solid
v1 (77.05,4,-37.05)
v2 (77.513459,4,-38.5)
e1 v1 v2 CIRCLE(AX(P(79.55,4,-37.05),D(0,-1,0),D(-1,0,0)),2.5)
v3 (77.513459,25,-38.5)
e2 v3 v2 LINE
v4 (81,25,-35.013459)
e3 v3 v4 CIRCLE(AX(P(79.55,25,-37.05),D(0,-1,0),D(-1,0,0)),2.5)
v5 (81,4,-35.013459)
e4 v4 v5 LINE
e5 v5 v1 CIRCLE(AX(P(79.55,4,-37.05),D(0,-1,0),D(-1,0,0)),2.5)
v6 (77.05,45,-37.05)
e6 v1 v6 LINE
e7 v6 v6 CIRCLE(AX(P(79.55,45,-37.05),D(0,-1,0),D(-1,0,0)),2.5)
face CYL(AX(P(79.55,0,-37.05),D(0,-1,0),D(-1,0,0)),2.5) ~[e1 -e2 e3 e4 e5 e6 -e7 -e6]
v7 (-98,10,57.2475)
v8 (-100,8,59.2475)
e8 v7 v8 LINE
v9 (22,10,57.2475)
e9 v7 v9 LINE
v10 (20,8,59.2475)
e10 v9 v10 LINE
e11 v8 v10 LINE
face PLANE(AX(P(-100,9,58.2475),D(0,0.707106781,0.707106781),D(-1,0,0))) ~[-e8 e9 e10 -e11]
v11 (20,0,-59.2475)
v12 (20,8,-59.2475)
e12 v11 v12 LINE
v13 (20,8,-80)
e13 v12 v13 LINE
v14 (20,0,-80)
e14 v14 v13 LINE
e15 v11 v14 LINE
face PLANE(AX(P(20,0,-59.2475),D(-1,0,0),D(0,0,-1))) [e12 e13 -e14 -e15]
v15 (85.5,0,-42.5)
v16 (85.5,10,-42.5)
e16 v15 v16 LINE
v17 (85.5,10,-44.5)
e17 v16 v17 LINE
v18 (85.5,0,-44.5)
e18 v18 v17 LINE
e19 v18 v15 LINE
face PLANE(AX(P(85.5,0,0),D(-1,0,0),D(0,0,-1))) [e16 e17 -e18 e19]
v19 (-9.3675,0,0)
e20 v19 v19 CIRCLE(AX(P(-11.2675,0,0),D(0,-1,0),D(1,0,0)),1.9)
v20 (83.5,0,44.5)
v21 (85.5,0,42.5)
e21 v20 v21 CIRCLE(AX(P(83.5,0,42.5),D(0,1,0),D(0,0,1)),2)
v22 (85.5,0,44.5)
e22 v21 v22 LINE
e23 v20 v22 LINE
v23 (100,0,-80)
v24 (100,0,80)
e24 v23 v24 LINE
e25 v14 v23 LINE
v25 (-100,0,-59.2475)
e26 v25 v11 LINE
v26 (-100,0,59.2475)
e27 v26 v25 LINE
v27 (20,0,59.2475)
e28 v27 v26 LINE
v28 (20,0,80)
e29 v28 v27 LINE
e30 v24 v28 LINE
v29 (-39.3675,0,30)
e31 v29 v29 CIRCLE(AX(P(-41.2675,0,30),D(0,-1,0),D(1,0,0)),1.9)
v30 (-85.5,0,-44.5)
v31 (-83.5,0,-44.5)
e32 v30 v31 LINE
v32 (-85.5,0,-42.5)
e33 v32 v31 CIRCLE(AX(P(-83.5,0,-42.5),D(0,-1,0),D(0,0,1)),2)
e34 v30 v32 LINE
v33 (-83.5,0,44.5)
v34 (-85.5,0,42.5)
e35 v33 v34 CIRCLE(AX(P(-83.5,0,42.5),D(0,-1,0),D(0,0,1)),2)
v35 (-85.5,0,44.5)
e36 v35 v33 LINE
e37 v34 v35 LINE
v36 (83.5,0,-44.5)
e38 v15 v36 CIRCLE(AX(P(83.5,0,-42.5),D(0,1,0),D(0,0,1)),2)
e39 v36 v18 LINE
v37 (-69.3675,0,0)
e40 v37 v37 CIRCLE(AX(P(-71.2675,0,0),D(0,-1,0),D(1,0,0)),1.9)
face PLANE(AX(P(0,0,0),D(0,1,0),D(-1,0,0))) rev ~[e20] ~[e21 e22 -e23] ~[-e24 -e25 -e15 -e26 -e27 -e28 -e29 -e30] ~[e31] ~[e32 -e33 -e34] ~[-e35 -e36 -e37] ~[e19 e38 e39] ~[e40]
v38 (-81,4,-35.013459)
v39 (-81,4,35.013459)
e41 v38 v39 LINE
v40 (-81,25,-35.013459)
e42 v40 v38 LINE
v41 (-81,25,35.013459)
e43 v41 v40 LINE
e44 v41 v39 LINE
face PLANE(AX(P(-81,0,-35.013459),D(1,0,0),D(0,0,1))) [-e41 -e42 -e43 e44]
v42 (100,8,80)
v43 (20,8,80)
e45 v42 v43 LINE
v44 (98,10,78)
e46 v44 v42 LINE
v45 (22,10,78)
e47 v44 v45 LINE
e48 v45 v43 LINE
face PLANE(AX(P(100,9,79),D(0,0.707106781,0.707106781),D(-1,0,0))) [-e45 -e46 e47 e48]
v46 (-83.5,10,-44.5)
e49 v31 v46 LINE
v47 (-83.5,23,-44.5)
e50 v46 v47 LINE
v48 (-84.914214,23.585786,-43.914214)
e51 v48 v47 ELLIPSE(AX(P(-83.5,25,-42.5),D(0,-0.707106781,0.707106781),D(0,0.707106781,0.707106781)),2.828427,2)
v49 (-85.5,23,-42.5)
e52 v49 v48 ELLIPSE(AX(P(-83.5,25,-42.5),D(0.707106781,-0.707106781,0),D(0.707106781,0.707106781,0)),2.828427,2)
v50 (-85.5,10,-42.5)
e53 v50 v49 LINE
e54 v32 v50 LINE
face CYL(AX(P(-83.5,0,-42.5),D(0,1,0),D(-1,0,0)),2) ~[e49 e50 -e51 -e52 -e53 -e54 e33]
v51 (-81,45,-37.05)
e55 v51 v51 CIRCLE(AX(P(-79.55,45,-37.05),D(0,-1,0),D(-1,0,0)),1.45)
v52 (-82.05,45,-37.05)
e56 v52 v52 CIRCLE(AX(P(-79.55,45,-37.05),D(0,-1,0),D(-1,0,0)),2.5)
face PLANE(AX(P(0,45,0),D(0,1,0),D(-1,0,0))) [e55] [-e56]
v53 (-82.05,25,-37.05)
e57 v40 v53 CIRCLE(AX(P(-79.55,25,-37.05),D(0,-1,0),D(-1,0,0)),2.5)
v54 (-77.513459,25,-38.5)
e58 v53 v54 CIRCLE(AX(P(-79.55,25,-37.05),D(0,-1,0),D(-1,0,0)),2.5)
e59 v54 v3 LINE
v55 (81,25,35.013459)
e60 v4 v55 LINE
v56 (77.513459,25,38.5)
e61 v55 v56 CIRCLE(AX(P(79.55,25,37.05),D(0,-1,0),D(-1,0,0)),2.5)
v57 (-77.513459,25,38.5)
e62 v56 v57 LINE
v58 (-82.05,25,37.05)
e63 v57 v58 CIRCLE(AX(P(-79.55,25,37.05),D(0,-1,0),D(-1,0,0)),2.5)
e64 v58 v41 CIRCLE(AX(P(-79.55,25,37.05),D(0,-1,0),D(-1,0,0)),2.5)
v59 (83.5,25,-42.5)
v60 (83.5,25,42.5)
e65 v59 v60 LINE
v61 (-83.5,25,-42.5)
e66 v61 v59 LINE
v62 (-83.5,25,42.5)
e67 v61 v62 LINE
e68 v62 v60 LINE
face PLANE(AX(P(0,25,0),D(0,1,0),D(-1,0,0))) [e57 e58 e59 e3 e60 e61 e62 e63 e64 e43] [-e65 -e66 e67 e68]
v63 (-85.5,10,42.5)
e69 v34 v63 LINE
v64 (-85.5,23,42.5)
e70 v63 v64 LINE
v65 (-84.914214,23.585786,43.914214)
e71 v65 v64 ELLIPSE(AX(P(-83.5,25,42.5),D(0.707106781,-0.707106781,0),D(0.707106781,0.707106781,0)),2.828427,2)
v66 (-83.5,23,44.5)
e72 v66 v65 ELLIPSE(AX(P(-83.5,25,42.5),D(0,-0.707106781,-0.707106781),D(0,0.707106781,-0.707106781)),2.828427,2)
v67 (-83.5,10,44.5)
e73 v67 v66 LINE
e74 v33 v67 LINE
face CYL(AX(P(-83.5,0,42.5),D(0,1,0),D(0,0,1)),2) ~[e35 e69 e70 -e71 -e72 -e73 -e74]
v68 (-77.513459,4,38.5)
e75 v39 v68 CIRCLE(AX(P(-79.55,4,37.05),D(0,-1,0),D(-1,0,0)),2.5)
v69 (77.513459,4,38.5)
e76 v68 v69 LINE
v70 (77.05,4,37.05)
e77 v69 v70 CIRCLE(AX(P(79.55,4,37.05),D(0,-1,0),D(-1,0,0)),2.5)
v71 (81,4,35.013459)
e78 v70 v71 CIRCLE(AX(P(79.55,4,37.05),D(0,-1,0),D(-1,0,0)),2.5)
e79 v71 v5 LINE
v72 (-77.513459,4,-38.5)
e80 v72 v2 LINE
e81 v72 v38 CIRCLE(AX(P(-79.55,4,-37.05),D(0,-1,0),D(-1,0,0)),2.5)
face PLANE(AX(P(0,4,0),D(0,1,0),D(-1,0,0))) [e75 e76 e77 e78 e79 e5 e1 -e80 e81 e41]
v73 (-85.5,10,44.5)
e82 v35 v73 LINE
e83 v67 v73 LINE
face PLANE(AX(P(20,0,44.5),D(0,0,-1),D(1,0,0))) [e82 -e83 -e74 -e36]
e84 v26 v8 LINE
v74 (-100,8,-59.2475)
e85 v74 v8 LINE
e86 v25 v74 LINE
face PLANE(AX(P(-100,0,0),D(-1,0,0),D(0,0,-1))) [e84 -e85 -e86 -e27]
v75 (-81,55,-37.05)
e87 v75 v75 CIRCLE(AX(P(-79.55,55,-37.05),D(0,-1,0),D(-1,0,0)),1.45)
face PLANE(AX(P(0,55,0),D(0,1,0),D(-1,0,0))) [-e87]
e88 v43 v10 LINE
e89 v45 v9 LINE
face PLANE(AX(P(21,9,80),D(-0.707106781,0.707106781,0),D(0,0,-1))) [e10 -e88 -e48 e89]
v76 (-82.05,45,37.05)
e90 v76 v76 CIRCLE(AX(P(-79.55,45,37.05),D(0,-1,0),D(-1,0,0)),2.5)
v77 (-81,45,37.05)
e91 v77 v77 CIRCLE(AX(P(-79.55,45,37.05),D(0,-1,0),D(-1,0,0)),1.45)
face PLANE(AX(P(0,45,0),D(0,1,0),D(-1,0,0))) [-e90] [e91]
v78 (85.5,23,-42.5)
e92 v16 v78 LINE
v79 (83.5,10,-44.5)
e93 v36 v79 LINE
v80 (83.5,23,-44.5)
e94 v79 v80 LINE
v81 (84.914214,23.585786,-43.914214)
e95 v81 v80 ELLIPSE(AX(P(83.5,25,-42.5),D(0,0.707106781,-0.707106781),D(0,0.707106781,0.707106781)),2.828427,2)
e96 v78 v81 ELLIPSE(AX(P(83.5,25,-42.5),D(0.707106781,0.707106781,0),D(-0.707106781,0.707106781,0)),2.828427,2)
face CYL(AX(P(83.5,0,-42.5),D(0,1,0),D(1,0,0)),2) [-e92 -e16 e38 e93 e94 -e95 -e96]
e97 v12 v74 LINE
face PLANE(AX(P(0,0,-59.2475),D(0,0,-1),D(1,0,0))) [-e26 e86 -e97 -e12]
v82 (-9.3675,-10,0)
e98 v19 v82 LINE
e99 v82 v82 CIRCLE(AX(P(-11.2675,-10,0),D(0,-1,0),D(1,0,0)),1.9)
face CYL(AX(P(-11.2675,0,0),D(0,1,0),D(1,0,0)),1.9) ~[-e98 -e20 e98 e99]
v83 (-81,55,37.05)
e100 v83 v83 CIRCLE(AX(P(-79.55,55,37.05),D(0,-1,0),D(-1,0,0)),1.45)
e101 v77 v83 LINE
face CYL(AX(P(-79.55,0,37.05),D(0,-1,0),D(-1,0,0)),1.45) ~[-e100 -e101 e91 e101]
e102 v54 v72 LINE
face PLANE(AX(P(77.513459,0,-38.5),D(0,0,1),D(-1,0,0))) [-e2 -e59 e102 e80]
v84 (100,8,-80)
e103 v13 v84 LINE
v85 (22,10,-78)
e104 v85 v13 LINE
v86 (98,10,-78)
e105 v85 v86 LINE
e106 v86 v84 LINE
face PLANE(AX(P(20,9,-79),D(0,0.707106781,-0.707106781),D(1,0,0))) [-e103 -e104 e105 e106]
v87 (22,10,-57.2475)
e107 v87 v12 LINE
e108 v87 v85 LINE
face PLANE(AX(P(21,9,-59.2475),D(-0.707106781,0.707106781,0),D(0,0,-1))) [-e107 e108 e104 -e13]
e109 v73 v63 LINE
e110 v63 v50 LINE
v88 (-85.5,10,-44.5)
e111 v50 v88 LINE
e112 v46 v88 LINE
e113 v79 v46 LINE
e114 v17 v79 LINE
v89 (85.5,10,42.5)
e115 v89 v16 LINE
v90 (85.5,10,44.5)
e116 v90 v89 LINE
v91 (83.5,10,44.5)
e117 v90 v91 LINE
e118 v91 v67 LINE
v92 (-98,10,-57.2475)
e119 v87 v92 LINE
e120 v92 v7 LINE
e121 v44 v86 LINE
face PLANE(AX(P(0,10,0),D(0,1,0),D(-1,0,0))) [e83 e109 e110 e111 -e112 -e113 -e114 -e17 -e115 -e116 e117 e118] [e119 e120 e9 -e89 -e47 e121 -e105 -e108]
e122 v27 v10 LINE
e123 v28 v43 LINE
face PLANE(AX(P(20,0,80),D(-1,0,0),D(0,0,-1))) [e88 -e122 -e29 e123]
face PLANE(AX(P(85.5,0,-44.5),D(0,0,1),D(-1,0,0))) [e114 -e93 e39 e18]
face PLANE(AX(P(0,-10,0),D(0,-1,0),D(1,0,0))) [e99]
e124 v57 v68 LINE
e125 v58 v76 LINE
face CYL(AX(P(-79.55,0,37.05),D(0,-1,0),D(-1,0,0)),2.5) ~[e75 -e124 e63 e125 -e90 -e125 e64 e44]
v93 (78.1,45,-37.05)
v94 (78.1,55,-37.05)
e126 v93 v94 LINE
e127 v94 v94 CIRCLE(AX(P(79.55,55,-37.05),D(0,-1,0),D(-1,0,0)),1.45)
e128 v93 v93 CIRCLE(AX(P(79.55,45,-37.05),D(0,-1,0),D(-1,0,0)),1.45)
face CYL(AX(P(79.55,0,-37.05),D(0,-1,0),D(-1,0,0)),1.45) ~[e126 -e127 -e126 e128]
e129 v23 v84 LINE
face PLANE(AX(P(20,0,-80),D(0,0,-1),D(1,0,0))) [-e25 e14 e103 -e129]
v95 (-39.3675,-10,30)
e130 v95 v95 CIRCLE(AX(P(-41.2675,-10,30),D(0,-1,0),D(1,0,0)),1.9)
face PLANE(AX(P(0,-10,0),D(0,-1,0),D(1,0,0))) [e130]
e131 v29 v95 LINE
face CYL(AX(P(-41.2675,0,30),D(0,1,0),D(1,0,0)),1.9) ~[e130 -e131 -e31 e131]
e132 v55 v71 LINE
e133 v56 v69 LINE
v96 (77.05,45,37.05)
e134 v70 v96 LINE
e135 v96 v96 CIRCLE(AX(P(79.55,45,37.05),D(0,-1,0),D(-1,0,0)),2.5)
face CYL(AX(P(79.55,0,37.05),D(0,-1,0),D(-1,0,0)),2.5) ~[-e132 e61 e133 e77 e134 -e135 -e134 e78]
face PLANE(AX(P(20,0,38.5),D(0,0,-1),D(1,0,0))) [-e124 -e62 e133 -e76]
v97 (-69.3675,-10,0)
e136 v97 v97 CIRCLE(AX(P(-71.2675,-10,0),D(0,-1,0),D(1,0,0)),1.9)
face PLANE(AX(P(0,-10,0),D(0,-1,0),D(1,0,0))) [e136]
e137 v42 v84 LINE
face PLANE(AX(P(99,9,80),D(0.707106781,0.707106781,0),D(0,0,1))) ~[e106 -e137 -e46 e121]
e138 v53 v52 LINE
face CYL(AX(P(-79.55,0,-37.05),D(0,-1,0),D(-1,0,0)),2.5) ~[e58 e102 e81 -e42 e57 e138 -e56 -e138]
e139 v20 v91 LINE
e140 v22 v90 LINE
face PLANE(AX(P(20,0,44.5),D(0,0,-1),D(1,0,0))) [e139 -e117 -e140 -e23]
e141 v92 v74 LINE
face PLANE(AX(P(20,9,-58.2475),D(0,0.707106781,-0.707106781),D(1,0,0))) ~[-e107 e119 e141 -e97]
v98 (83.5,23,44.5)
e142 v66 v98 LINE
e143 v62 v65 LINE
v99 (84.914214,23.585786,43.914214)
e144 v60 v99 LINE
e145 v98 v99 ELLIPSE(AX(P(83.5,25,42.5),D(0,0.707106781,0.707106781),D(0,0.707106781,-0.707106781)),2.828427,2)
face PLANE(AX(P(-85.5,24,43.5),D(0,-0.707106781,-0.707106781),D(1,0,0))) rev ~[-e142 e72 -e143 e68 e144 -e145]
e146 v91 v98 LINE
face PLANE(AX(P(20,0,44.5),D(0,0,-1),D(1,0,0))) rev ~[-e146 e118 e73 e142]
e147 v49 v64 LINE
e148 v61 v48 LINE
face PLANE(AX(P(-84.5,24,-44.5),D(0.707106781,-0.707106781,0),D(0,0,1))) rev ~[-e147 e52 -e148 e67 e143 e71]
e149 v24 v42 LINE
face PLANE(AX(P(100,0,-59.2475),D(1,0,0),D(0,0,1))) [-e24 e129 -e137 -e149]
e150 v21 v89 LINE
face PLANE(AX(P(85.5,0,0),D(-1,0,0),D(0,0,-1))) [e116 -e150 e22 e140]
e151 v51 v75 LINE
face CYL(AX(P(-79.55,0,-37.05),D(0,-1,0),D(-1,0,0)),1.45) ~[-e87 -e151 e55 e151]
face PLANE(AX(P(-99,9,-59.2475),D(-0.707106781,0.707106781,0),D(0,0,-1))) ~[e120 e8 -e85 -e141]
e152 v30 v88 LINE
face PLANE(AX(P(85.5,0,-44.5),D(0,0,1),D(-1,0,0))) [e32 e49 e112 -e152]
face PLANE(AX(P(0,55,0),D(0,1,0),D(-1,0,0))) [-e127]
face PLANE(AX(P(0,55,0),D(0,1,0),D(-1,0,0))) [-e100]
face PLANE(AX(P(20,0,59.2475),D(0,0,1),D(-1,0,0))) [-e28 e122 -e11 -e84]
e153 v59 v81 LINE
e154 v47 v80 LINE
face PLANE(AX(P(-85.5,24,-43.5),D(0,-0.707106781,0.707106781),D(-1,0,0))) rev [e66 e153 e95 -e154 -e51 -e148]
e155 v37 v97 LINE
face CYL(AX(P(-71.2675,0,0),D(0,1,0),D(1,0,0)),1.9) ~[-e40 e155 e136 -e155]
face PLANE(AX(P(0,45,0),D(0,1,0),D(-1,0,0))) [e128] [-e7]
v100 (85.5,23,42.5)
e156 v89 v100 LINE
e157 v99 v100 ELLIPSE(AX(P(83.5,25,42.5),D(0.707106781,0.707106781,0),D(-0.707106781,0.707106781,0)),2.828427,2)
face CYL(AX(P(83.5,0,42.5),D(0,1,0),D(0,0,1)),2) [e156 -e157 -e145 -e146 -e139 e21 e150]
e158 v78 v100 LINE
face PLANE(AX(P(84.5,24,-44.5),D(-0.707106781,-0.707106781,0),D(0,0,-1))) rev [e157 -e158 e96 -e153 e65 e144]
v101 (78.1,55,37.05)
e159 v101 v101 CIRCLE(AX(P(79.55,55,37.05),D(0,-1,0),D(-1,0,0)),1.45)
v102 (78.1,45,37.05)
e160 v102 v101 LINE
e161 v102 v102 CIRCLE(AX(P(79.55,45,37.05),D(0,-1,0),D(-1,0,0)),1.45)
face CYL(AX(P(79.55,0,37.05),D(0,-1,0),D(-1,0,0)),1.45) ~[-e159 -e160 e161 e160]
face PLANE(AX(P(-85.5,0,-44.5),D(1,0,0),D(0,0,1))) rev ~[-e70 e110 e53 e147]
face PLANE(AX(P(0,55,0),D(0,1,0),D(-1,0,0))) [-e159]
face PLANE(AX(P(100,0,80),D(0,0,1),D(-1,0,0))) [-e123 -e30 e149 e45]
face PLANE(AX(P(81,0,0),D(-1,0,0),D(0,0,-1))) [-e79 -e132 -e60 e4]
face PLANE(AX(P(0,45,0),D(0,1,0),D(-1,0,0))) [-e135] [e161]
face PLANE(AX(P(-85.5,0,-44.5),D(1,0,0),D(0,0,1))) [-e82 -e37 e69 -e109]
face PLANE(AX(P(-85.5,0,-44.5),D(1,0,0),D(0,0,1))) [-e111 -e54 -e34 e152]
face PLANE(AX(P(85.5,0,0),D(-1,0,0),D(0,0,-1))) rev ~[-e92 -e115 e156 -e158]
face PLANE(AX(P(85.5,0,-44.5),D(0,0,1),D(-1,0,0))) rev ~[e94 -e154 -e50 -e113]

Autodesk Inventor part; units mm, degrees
ref_plane "YZ Plane" through (0, 0, 0) normal (1, 0, 0) x (0, 1, 0)
ref_plane "XZ Plane" through (0, 0, 0) normal (0, 1, 0) x (-1, 0, 0)
ref_plane "XY Plane" through (0, 0, 0) normal (0, 0, 1) x (1, 0, 0)
sketch "Sketch1" plane through (0, 0, 0) normal (0, 1, 0) x (-1, 0, 0)
  line L0 (-85.5, -44.5) -> (85.5, -44.5)
  line L1 (85.5, -44.5) -> (85.5, 44.5)
  line L2 (85.5, 44.5) -> (-85.5, 44.5)
  line L3 (-85.5, 44.5) -> (-85.5, -44.5)
  line L4 (-85.5, -44.5) -> (85.5, 44.5) construction
  line L5 (85.5, -44.5) -> (-85.5, 44.5) construction
  line L6 (-81, -38.5) -> (81, -38.5)
  line L7 (81, -38.5) -> (81, 38.5)
  line L8 (81, 38.5) -> (-81, 38.5)
  line L9 (-81, 38.5) -> (-81, -38.5)
  line L10 (-81, -38.5) -> (81, 38.5) construction
  line L11 (81, -38.5) -> (-81, 38.5) construction
  line L12 (81, 38.5) -> (79.55, 38.5)
  line L13 (81, 37.05) -> (81, 38.5)
  circle A0 centre (79.55, 37.05) radius 1.45
  circle A1 centre (79.55, -37.05) radius 1.45
  circle A2 centre (-79.55, -37.05) radius 1.45
  circle A3 centre (-79.55, 37.05) radius 1.45
  line L14 (81, 38.5) -> (78.1, 38.5)
  line L15 (78.1, 38.5) -> (78.1, 35.6)
  line L16 (78.1, 35.6) -> (81, 35.6)
  line L17 (81, 35.6) -> (81, 38.5)
  line L18 (81, 38.5) -> (78.1, 35.6) construction
  line L19 (78.1, 38.5) -> (81, 35.6) construction
  line L20 (81, -35.6) -> (78.1, -35.6)
  line L21 (78.1, -35.6) -> (78.1, -38.5)
  line L22 (78.1, -38.5) -> (81, -38.5)
  line L23 (81, -38.5) -> (81, -35.6)
  line L24 (81, -35.6) -> (78.1, -38.5) construction
  line L25 (78.1, -35.6) -> (81, -38.5) construction
  line L26 (-81, -38.5) -> (-78.1, -38.5)
  line L27 (-78.1, -35.6) -> (-81, -38.5) construction
  line L28 (-81, -35.6) -> (-78.1, -38.5) construction
  line L29 (-78.1, 38.5) -> (-81, 38.5)
  line L30 (-81, 38.5) -> (-81, 35.6)
  line L31 (-78.1, 38.5) -> (-81, 35.6) construction
  line L32 (-81, 38.5) -> (-78.1, 35.6) construction
  circle A4 centre (-79.55, 37.05) radius 2.5
  line L33 (-95.5566, 0) -> (75.4434, 0)
  line L34 (0, 31.9167) -> (0, -57.0833)
  circle A5 centre (-79.55, -37.05) radius 2.5
  circle A6 centre (79.55, 37.05) radius 2.5
  circle A7 centre (79.55, -37.05) radius 2.5
  line L35 (140, 0) -> (-140, 0) projected
  line L36 (0, -112) -> (0, 112) projected
  line L37 (-100, 59.2475) -> (100, 59.2475)
  line L38 (100, 59.2475) -> (100, -59.2475)
  line L39 (100, -59.2475) -> (-100, -59.2475)
  line L40 (-100, -59.2475) -> (-100, 59.2475)
  line L41 (-100, 59.2475) -> (100, -59.2475) construction
  line L42 (100, 59.2475) -> (-100, -59.2475) construction
  line L43 (-100, 80) -> (-20, 80)
  line L44 (-20, 80) -> (-20, -80)
  line L45 (-20, -80) -> (-100, -80)
  line L46 (-100, -80) -> (-100, 80)
  line L47 (-100, 80) -> (-20, -80) construction
  line L48 (-20, 80) -> (-100, -80) construction
  point P0 (0, 0)
  point P1 (-79.55, 38.5)
  point P2 (-81, 37.05)
  point P3 (-81, -37.05)
  point P4 (-79.55, -38.5)
  point P5 (79.55, -38.5)
  point P6 (81, -37.05)
  point P7 (-60, 0)
  point P8 (-20, 59.2475)
  point P9 (-20, -59.2475)
  dimension "d0" = 171
  dimension "d1" = 89
  dimension "d2" = 162
  dimension "d3" = 77
  dimension "d7" = 2.9
  dimension "d8" = 2.9
  dimension "d9" = 2.9
  dimension "d10" = 2.9
  dimension "d53" = 5
  dimension "d56" = 200
  dimension "d57" = 80
  dimension "d58" = 160
extrude "Extrusion1" add sketch "Sketch1" along normal blind 55 contours A2 | A3 | A1 | A0
extrude "Extrusion2" add sketch "Sketch1" along normal blind 4 contours L44 L33 L34 L6 | L6 A5 L9 L33 L44 | L9 A4 L8 L44 L33 | L34 L33 L35 L7 A7 L6 | L6 A2 L9 A5 | L44 L8 L36 L34 L33 | L9 A3 L8 A4 | A7 L7 L20 L21 L6 | L34 L36 L8 A6 L7 L35 L33 | L21 A1 L6 | A6 L8 L15 L16 L7 | L21 L20 A1 | L7 A1 L20 | L16 A0 L7 | L8 A0 L15 | L16 L15 A0
extrude "Extrusion3" add sketch "Sketch1" along normal blind 25 contours L3 L33 L9 A5 L6 L44 L0 | L44 L6 L34 L0 | L3 L2 L44 L8 A4 L9 L33 | L34 L6 A7 L7 L35 L1 L0 | A5 L9 L6 | L2 L36 L8 L44 | A4 L8 L9 | L35 L7 A6 L8 L36 L2 L1 | L6 L7 A7 | L7 L8 A6
chamfer "Chamfer1" distance 2 angle 45 4 edges at (0, 25, 44.5) (85.5, 25, 0) (0, 25, -44.5) (-85.5, 25, 0)
fillet "Fillet6" radius 2 1 edges at (85.5, 11.5, 44.5)
fillet "Fillet7" radius 2 1 edges at (85.5, 11.5, -44.5)
fillet "Fillet8" radius 2 1 edges at (-85.5, 11.5, 44.5)
fillet "Fillet9" radius 2 1 edges at (-85.5, 11.5, -44.5)
extrude "Extrusion11" add sketch "Sketch1" along normal blind 45 contours A5 L9 L6 | L6 A2 L9 A5 | A4 L8 L9 | L9 A3 L8 A4 | A7 L7 L20 L21 L6 | L6 L7 A7 | A2 L6 L9 | A2 | L21 A1 L6 | L9 L8 A3 | A3 | A6 L8 L15 L16 L7 | L7 L8 A6 | A1 L7 L6 | A1 | L21 L20 A1 | L7 A1 L20 | L16 A0 L7 | L8 A0 L15 | A0 L8 L7 | A0 | L16 L15 A0
extrude "Extrusion12" add sketch "Sketch1" along normal blind 10 contours L0 L44 L39 L40 L35 L33 L3 | L0 L34 L36 L39 L44 | L33 L35 L40 L37 L44 L2 L3 | L0 L1 L35 L38 L39 L36 L34 | L44 L45 L46 L39 | L44 L37 L36 L2 | L1 L2 L36 L37 L38 L35 | L37 L46 L43 L44
chamfer "Chamfer2" distance 2 angle 45 8 edges at (100, 10, 0) (60, 10, 80) (20, 10, 69.6238) (60, 10, -80) (20, 10, -69.6238) (-40, 10, -59.2475) (-40, 10, 59.2475) (-100, 10, 0)
sketch "Sketch4" plane through (0, 0, 0) normal (0, -1, 0) x (1, 0, 0)
  circle A0 centre (-11.2675, 0) radius 2 projected
  circle A1 centre (-71.2675, 0) radius 2 projected
  circle A2 centre (-41.2675, 30) radius 2 projected
  circle A3 centre (-11.2675, 0) radius 1.9
  circle A4 centre (-71.2675, 0) radius 1.9
  circle A5 centre (-41.2675, 30) radius 1.9
  point P0 (0, 0)
  dimension "d64" = 3.8
extrude "Extrusion13" add sketch "Sketch4" along normal blind 10 contours A3 | A4 | A5
properties part number "Buggy_Body_Wheel_Wells"
